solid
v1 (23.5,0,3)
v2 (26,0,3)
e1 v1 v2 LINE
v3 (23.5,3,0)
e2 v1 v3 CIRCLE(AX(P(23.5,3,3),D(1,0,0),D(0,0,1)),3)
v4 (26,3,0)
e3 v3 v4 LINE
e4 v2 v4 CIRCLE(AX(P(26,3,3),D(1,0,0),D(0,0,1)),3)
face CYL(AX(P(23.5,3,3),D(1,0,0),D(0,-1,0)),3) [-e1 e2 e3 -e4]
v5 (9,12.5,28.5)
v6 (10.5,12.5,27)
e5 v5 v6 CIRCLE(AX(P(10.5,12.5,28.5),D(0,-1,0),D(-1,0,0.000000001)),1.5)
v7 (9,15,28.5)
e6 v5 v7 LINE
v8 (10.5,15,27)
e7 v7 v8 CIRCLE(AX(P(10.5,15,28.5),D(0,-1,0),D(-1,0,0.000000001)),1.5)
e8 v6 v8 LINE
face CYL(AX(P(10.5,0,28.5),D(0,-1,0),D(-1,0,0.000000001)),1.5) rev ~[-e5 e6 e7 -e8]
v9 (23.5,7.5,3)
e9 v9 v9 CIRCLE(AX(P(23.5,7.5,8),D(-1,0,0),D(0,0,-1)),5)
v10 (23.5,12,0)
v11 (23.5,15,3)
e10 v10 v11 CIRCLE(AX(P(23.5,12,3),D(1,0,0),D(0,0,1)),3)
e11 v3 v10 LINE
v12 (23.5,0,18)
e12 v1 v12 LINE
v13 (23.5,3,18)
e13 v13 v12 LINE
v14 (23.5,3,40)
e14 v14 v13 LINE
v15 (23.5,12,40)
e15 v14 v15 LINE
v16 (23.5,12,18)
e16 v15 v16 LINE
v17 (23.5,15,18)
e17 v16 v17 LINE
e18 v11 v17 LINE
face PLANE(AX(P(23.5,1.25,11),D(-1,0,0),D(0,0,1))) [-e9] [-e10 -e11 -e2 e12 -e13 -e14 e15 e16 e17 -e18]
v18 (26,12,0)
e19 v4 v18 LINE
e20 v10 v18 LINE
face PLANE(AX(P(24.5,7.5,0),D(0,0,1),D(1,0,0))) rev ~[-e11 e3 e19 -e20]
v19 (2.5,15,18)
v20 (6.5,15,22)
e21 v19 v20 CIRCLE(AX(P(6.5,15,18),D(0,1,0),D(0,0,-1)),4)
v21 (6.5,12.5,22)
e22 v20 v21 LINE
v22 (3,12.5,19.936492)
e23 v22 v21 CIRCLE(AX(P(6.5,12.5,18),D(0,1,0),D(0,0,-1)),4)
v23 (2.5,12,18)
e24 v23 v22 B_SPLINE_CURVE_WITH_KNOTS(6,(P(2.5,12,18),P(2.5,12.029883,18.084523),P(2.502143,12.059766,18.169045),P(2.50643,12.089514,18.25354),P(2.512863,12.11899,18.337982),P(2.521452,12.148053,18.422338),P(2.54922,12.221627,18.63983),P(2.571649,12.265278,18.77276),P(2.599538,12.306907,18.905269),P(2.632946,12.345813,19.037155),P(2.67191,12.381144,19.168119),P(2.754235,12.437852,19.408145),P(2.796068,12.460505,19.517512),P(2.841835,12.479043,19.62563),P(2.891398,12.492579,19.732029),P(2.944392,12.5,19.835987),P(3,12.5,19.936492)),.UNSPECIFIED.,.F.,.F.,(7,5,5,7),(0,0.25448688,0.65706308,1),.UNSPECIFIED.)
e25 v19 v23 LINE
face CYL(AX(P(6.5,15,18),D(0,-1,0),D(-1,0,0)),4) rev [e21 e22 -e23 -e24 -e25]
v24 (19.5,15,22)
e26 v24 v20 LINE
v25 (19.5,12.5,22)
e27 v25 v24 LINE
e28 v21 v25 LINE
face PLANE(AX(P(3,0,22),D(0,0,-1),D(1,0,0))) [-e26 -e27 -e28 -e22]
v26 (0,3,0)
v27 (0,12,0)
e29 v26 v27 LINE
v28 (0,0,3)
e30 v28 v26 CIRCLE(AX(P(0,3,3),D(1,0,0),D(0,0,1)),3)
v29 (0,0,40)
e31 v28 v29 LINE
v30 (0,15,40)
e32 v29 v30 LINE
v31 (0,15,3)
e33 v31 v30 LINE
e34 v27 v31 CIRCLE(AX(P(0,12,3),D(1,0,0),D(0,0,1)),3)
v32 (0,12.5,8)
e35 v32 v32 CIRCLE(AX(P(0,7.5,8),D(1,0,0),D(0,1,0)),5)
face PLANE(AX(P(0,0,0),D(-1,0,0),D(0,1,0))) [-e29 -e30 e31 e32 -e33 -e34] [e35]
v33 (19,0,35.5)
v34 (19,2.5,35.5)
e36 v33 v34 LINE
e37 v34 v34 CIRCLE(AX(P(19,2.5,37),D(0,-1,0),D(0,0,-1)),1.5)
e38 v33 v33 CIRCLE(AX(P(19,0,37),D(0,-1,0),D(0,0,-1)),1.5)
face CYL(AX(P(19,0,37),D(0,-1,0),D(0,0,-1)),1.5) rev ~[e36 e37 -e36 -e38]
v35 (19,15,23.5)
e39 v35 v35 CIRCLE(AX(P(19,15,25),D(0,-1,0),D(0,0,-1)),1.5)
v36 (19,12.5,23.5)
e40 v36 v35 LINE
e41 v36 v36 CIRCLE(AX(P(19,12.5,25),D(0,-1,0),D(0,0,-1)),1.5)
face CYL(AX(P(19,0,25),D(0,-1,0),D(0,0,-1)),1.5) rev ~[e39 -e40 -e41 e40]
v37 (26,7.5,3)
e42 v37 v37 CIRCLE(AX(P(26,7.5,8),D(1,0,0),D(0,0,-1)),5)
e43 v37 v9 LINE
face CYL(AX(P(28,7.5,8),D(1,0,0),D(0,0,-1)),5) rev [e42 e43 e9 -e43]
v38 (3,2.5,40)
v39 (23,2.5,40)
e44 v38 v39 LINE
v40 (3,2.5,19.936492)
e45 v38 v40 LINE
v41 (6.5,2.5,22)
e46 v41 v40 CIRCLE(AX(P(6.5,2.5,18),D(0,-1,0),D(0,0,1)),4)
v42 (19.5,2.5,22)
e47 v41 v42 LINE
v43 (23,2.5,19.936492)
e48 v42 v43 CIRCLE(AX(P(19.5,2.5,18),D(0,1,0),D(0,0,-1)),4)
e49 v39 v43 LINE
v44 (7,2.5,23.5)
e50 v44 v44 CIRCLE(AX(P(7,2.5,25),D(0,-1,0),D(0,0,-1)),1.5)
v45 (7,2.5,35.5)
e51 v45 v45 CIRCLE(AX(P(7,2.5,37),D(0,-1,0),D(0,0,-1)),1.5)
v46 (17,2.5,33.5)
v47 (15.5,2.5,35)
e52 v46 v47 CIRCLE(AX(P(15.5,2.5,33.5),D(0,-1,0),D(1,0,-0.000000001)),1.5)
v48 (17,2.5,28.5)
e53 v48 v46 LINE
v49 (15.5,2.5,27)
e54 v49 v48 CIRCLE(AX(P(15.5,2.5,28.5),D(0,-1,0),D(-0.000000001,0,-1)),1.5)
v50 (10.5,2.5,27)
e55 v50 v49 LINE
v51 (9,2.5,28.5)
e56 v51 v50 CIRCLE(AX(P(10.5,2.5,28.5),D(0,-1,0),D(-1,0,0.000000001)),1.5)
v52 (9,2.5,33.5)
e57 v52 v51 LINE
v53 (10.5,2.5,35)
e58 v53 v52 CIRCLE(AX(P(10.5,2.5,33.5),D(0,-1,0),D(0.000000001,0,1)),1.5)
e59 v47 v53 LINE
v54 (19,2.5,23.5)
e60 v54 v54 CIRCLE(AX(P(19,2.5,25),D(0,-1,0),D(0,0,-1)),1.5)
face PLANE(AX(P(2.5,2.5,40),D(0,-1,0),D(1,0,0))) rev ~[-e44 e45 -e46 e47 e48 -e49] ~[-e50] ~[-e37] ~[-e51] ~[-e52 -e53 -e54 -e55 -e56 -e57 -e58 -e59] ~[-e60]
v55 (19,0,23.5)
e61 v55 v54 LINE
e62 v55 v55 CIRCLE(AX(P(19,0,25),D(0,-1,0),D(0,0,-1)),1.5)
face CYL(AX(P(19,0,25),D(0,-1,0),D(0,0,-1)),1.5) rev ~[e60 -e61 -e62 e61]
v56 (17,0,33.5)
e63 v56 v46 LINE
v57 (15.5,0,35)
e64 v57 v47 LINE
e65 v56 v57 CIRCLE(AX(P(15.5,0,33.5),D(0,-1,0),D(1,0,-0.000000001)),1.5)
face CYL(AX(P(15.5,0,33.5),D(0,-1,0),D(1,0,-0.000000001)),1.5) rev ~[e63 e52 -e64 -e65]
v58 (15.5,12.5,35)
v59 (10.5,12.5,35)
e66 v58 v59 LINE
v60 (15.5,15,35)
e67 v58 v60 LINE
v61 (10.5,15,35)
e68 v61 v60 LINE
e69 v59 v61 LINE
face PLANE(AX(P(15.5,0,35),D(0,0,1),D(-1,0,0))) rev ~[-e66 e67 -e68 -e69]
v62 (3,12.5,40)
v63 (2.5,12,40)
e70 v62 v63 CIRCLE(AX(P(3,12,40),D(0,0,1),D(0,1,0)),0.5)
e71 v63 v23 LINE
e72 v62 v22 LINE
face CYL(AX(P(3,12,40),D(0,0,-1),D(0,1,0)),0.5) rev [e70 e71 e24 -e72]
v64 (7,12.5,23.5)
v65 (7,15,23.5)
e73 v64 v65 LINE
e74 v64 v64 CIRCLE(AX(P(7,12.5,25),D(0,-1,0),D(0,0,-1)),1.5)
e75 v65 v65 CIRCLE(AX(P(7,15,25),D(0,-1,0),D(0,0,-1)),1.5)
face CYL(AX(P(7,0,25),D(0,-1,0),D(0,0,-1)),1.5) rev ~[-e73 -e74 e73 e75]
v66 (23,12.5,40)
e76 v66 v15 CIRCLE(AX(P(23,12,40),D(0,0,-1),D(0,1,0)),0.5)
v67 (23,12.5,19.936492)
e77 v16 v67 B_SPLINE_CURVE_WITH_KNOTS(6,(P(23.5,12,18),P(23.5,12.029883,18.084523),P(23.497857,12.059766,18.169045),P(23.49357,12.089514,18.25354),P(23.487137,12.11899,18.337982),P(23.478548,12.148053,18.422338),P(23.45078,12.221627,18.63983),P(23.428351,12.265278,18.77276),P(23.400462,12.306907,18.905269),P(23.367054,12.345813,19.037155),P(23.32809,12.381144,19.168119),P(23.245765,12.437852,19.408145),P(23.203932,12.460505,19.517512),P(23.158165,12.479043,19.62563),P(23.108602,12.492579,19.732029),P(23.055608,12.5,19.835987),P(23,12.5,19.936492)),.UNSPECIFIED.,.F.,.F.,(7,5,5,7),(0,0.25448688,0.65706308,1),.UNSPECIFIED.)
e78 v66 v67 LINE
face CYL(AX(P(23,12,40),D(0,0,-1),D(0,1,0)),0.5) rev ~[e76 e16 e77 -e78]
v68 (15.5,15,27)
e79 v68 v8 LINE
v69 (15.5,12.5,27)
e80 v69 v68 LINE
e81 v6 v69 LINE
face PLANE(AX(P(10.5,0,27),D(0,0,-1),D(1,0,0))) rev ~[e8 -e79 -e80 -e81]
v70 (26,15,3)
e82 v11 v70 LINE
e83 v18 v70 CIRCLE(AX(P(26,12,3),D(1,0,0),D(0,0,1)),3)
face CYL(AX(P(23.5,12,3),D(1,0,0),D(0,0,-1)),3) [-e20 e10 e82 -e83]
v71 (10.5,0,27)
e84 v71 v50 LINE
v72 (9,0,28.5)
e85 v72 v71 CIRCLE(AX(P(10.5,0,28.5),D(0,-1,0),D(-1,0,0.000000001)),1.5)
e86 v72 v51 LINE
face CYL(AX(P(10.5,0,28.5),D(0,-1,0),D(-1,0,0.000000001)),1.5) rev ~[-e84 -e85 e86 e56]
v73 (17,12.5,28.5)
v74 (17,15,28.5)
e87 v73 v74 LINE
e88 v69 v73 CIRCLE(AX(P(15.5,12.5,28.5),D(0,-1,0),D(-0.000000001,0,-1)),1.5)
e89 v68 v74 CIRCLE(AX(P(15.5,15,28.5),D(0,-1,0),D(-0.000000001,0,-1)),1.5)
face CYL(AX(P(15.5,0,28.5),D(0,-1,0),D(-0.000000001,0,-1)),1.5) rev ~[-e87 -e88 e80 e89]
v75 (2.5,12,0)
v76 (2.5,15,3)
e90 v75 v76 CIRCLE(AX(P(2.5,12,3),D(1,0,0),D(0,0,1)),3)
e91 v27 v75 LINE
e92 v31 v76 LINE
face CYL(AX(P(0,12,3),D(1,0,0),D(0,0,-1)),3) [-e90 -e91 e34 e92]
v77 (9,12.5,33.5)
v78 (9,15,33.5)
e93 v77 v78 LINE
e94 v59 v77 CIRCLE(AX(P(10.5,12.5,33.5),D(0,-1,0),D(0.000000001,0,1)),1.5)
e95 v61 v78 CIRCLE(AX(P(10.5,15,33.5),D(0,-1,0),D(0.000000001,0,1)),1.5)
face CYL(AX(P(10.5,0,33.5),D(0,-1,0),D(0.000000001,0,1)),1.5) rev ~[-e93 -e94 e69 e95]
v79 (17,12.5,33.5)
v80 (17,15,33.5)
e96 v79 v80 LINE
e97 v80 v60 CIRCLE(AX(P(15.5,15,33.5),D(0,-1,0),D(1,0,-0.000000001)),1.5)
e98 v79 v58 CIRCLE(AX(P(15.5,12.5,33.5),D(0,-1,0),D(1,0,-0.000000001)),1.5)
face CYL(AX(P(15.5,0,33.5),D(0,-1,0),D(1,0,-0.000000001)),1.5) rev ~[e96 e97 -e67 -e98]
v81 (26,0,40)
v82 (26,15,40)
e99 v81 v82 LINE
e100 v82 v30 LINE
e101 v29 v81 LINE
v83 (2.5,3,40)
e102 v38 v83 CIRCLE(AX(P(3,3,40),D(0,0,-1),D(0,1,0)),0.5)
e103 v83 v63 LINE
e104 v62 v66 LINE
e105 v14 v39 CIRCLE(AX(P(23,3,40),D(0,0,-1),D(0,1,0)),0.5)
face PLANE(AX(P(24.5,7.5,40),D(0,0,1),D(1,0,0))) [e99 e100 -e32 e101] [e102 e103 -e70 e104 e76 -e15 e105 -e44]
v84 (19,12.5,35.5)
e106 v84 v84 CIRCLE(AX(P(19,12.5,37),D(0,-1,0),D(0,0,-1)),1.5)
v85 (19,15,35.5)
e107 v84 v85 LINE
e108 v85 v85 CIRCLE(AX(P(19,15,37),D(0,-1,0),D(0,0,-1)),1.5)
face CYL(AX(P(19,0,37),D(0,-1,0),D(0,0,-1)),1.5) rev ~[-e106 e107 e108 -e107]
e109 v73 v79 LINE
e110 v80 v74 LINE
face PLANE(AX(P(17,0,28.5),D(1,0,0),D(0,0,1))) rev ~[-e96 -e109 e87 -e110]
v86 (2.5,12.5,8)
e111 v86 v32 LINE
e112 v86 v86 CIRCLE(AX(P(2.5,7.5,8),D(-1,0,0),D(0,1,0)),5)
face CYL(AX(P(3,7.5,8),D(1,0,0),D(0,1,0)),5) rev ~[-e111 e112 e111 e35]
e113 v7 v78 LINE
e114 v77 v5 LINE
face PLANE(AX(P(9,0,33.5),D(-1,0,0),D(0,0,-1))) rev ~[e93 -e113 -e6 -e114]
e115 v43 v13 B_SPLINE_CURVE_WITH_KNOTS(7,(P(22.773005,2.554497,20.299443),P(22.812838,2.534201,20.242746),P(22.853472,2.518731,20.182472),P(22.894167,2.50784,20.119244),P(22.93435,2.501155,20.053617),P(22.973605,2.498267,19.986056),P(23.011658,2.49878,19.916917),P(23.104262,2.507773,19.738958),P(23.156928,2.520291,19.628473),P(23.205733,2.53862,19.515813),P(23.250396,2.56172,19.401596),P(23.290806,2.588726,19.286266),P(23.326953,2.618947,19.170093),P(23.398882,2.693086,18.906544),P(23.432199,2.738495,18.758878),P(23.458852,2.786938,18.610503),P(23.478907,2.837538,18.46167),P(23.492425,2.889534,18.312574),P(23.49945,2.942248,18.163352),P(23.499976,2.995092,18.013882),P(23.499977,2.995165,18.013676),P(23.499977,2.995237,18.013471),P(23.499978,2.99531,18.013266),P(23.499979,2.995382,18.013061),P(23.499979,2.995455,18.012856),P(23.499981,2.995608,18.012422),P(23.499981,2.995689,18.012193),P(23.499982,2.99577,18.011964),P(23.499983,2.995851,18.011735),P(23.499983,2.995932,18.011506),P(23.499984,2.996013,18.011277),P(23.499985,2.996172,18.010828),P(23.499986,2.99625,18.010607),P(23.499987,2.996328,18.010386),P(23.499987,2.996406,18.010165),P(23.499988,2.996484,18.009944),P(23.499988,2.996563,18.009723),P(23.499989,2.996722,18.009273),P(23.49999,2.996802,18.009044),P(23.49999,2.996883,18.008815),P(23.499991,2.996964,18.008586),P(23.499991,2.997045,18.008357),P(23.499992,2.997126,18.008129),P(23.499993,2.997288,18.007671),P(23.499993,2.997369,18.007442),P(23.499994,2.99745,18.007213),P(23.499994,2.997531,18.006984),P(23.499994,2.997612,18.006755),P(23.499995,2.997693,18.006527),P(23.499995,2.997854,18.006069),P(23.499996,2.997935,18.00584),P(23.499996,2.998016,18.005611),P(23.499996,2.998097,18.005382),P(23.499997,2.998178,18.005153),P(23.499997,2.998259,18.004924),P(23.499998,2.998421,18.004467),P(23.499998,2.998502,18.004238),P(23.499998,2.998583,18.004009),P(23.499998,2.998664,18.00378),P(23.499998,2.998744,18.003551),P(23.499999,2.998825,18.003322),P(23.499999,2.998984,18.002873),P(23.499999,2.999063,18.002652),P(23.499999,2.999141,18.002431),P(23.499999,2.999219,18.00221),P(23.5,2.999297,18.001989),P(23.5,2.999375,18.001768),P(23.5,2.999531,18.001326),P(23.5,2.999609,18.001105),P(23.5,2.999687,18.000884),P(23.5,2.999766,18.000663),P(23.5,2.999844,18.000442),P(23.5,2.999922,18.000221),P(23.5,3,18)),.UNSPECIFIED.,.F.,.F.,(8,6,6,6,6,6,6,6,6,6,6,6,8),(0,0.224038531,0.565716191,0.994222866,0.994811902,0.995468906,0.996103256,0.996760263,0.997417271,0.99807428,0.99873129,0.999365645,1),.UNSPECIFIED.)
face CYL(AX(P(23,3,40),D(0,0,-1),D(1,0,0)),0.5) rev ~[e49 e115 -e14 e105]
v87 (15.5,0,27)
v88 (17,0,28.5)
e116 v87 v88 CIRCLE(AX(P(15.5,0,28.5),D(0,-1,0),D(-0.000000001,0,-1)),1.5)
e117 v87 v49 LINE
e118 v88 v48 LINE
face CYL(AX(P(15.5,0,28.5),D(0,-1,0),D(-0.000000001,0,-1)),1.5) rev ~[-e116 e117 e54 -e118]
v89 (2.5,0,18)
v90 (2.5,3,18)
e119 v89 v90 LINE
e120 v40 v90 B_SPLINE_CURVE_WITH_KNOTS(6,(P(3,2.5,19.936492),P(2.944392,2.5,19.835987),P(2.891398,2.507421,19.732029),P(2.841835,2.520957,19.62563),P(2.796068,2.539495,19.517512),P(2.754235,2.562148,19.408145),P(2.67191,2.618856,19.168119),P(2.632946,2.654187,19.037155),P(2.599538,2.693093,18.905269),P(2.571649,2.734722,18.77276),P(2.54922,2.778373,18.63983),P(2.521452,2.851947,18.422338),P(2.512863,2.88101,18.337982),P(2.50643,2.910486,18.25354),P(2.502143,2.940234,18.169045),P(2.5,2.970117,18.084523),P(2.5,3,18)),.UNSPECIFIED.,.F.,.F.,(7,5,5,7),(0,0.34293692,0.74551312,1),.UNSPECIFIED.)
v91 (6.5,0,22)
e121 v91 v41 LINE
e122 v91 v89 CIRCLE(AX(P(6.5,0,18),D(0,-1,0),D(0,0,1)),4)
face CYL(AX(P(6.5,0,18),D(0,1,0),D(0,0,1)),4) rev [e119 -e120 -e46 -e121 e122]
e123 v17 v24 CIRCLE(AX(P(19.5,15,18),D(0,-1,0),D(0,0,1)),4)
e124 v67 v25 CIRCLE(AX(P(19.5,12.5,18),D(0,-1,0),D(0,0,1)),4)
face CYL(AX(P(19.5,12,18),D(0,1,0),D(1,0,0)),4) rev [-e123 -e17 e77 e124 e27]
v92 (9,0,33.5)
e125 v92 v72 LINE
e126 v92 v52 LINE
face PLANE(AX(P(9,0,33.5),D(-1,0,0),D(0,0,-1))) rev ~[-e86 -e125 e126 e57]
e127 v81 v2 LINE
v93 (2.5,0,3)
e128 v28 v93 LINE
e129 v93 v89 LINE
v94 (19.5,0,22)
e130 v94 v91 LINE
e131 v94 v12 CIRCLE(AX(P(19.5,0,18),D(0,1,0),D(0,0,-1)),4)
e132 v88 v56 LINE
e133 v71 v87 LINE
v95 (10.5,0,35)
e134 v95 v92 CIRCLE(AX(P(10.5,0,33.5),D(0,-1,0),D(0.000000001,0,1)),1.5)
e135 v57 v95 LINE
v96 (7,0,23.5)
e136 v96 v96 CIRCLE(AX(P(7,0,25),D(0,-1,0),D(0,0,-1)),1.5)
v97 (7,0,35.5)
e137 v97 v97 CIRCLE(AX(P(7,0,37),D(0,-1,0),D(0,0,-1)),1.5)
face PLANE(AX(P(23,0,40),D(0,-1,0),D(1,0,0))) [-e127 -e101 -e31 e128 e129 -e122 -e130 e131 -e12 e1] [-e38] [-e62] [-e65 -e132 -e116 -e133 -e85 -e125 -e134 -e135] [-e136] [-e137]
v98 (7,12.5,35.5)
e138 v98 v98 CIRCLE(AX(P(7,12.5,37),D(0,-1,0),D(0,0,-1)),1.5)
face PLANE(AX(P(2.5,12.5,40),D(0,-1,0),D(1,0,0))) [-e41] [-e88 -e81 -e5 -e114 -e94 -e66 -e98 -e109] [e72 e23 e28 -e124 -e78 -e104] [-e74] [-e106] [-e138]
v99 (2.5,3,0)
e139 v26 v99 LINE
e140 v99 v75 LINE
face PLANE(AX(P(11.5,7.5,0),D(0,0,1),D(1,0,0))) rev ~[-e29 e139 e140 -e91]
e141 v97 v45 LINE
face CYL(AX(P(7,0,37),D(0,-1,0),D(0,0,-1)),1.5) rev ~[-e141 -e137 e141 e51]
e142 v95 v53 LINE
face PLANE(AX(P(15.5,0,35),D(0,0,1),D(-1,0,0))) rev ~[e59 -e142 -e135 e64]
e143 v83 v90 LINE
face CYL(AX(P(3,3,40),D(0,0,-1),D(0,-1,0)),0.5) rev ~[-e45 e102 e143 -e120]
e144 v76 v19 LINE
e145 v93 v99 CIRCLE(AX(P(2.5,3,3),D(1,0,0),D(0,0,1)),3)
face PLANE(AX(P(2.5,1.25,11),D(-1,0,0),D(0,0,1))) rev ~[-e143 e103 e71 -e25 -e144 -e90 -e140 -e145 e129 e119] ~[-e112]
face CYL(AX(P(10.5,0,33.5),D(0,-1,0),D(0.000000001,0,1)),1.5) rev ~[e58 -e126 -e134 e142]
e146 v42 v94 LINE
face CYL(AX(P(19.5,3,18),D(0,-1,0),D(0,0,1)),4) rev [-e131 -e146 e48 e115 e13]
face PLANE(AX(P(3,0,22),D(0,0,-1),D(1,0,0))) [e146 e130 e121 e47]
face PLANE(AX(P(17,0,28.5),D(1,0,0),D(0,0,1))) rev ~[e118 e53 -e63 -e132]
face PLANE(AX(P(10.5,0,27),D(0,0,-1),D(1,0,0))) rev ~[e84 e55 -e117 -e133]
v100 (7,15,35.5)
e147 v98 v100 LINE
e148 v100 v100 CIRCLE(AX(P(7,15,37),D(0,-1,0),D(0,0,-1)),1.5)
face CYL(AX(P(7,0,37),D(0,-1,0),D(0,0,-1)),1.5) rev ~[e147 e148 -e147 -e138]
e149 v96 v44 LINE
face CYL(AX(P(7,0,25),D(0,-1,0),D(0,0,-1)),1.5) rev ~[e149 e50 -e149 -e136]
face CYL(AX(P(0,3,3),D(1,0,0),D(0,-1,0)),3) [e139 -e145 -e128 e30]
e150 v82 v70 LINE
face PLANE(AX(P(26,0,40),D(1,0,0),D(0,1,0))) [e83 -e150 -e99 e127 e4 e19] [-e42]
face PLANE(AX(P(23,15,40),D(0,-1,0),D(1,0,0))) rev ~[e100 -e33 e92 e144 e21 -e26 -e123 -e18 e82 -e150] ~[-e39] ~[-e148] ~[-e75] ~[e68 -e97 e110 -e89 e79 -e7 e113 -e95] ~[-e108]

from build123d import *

# Parameters (mm, degrees)
SKETCH_1_W               = 23
SKETCH_1_H               = 15
EXTRUDE_1_DEPTH          = 40
SKETCH_2_W               = 20
SKETCH_2_H               = 10
CUT_EXTRUDE_2_DEPTH      = 68
SKETCH_5_W               = 20
SKETCH_5_H               = 22
CUT_EXTRUDE_5_DEPTH      = 20
SKETCH_6_R               = 5
CUT_EXTRUDE_6_DEPTH      = 20
SKETCH_7_R               = 1.5
CUT_EXTRUDE_7_DEPTH      = 20
SKETCH_8_W               = 3
SKETCH_8_H               = 15
EXTRUDE_2_DEPTH          = 40
SKETCH_9_W               = 21
SKETCH_9_H               = 10
CUT_EXTRUDE_8_DEPTH      = 100
CUT_EXTRUDE_9_DEPTH      = 20.5
CUT_EXTRUDE_9_DEPTH_BACK = 0.5
SKETCH_10_W              = 22
SKETCH_10_H              = 2.5
FILLET_4_R               = 0.5
CUT_EXTRUDE_START        = -4.5
SKETCH_11_R              = 5
CUT_EXTRUDE_10_DEPTH     = 4.5
FILLET_5_R               = 4
FILLET_6_R               = 3


with BuildPart() as part:
    # 草图1 → 凸台-拉伸1 (new body)
    with BuildSketch(Plane.XY):
        with Locations((11.5, 7.5)):
            Rectangle(SKETCH_1_W, SKETCH_1_H)
    extrude(amount=EXTRUDE_1_DEPTH)

    # 草图2 → 切除-拉伸2 (cut)
    with BuildSketch(Plane.XY.offset(40)):
        with Locations((13, 7.5)):
            Rectangle(SKETCH_2_W, SKETCH_2_H)
    extrude(amount=-CUT_EXTRUDE_2_DEPTH, mode=Mode.SUBTRACT)

    # 草图5 → 切除-拉伸5 (cut)
    with BuildSketch(Plane.XZ):
        with Locations((13, 11)):
            Rectangle(SKETCH_5_W, SKETCH_5_H)
    extrude(amount=-CUT_EXTRUDE_5_DEPTH, mode=Mode.SUBTRACT)

    # 草图6 → 切除-拉伸6 (cut)
    with BuildSketch(Plane(origin=(3, 0, 0), x_dir=(0, 0, -1), z_dir=(1, 0, 0))):
        with Locations(Location((-8, 7.5, 0), (0, 0, 90))):
            Circle(SKETCH_6_R)
    extrude(amount=-CUT_EXTRUDE_6_DEPTH, mode=Mode.SUBTRACT)

    # 草图7 → 切除-拉伸7 (cut)
    with BuildSketch(Plane.XZ):
        with Locations(Location((7, 37, 0), (0, 0, 270))):
            Circle(SKETCH_7_R)
        with Locations(Location((19, 37, 0), (0, 0, 270))):
            Circle(SKETCH_7_R)
        with Locations(Location((7, 25, 0), (0, 0, 270))):
            Circle(SKETCH_7_R)
        with Locations(Location((19, 25, 0), (0, 0, 270))):
            Circle(SKETCH_7_R)
        with BuildLine():
            Line((10.5, 27), (15.5, 27))
            ThreePointArc((15.5, 27), (16.560660172, 27.439339828), (17, 28.5))
            Line((17, 28.5), (17, 33.5))
            ThreePointArc((17, 33.5), (16.560660172, 34.560660172), (15.5, 35))
            Line((15.5, 35), (10.5, 35))
            ThreePointArc((10.5, 35), (9.439339828, 34.560660172), (9, 33.5))
            Line((9, 33.5), (9, 28.5))
            ThreePointArc((9, 28.5), (9.439339828, 27.439339828), (10.5, 27))
        make_face()
    extrude(amount=-CUT_EXTRUDE_7_DEPTH, mode=Mode.SUBTRACT)

    # 草图8 → 凸台-拉伸2 (add)
    with BuildSketch(Plane.XY.offset(40)):
        with Locations((24.5, 7.5)):
            Rectangle(SKETCH_8_W, SKETCH_8_H)
    extrude(amount=-EXTRUDE_2_DEPTH)

    # 草图9 → 切除-拉伸8 (cut)
    with BuildSketch(Plane.XY.offset(40)):
        with Locations((13, 7.5)):
            Rectangle(SKETCH_9_W, SKETCH_9_H)
    extrude(amount=-CUT_EXTRUDE_8_DEPTH, mode=Mode.SUBTRACT)

    # 草图10 → 切除-拉伸9 (cut, two sides: drawn at the far end of the back side and taken through both)
    with BuildSketch(Plane.ZY.offset(-23).offset(-CUT_EXTRUDE_9_DEPTH_BACK)):
        with Locations((11, 13.75)):
            Rectangle(SKETCH_10_W, SKETCH_10_H)
        with Locations((11, 1.25)):
            Rectangle(SKETCH_10_W, SKETCH_10_H)
    extrude(amount=CUT_EXTRUDE_9_DEPTH + CUT_EXTRUDE_9_DEPTH_BACK, mode=Mode.SUBTRACT)

    # 圆角4
    fillet_4_edges = [part.edges().sort_by_distance(p)[0] for p in [
        (2.5, 12.5, 31),
        (2.5, 2.5, 31),
        (23.5, 2.5, 31),
        (23.5, 12.5, 31),
    ]]
    fillet(fillet_4_edges, radius=FILLET_4_R)

    # 草图11 → 切除-拉伸10 (cut)
    with BuildSketch(Plane.ZY.offset(-23.5).offset(CUT_EXTRUDE_START)):
        with Locations(Location((8, 7.5, 0), (0, 0, 180))):
            Circle(SKETCH_11_R)
    extrude(amount=CUT_EXTRUDE_10_DEPTH, mode=Mode.SUBTRACT)

    # 圆角5
    fillet_5_edges = [part.edges().sort_by_distance(p)[0] for p in [
        (23.5, 13.5, 22),
        (23.5, 1.5, 22),
        (2.5, 13.5, 22),
        (2.5, 1.5, 22),
    ]]
    fillet(fillet_5_edges, radius=FILLET_5_R)

    # 圆角6
    fillet_6_edges = [part.edges().sort_by_distance(p)[0] for p in [
        (24.75, 15, 0),
        (24.75, 0, 0),
        (1.25, 15, 0),
        (1.25, 0, 0),
    ]]
    fillet(fillet_6_edges, radius=FILLET_6_R)


solid = part.part
